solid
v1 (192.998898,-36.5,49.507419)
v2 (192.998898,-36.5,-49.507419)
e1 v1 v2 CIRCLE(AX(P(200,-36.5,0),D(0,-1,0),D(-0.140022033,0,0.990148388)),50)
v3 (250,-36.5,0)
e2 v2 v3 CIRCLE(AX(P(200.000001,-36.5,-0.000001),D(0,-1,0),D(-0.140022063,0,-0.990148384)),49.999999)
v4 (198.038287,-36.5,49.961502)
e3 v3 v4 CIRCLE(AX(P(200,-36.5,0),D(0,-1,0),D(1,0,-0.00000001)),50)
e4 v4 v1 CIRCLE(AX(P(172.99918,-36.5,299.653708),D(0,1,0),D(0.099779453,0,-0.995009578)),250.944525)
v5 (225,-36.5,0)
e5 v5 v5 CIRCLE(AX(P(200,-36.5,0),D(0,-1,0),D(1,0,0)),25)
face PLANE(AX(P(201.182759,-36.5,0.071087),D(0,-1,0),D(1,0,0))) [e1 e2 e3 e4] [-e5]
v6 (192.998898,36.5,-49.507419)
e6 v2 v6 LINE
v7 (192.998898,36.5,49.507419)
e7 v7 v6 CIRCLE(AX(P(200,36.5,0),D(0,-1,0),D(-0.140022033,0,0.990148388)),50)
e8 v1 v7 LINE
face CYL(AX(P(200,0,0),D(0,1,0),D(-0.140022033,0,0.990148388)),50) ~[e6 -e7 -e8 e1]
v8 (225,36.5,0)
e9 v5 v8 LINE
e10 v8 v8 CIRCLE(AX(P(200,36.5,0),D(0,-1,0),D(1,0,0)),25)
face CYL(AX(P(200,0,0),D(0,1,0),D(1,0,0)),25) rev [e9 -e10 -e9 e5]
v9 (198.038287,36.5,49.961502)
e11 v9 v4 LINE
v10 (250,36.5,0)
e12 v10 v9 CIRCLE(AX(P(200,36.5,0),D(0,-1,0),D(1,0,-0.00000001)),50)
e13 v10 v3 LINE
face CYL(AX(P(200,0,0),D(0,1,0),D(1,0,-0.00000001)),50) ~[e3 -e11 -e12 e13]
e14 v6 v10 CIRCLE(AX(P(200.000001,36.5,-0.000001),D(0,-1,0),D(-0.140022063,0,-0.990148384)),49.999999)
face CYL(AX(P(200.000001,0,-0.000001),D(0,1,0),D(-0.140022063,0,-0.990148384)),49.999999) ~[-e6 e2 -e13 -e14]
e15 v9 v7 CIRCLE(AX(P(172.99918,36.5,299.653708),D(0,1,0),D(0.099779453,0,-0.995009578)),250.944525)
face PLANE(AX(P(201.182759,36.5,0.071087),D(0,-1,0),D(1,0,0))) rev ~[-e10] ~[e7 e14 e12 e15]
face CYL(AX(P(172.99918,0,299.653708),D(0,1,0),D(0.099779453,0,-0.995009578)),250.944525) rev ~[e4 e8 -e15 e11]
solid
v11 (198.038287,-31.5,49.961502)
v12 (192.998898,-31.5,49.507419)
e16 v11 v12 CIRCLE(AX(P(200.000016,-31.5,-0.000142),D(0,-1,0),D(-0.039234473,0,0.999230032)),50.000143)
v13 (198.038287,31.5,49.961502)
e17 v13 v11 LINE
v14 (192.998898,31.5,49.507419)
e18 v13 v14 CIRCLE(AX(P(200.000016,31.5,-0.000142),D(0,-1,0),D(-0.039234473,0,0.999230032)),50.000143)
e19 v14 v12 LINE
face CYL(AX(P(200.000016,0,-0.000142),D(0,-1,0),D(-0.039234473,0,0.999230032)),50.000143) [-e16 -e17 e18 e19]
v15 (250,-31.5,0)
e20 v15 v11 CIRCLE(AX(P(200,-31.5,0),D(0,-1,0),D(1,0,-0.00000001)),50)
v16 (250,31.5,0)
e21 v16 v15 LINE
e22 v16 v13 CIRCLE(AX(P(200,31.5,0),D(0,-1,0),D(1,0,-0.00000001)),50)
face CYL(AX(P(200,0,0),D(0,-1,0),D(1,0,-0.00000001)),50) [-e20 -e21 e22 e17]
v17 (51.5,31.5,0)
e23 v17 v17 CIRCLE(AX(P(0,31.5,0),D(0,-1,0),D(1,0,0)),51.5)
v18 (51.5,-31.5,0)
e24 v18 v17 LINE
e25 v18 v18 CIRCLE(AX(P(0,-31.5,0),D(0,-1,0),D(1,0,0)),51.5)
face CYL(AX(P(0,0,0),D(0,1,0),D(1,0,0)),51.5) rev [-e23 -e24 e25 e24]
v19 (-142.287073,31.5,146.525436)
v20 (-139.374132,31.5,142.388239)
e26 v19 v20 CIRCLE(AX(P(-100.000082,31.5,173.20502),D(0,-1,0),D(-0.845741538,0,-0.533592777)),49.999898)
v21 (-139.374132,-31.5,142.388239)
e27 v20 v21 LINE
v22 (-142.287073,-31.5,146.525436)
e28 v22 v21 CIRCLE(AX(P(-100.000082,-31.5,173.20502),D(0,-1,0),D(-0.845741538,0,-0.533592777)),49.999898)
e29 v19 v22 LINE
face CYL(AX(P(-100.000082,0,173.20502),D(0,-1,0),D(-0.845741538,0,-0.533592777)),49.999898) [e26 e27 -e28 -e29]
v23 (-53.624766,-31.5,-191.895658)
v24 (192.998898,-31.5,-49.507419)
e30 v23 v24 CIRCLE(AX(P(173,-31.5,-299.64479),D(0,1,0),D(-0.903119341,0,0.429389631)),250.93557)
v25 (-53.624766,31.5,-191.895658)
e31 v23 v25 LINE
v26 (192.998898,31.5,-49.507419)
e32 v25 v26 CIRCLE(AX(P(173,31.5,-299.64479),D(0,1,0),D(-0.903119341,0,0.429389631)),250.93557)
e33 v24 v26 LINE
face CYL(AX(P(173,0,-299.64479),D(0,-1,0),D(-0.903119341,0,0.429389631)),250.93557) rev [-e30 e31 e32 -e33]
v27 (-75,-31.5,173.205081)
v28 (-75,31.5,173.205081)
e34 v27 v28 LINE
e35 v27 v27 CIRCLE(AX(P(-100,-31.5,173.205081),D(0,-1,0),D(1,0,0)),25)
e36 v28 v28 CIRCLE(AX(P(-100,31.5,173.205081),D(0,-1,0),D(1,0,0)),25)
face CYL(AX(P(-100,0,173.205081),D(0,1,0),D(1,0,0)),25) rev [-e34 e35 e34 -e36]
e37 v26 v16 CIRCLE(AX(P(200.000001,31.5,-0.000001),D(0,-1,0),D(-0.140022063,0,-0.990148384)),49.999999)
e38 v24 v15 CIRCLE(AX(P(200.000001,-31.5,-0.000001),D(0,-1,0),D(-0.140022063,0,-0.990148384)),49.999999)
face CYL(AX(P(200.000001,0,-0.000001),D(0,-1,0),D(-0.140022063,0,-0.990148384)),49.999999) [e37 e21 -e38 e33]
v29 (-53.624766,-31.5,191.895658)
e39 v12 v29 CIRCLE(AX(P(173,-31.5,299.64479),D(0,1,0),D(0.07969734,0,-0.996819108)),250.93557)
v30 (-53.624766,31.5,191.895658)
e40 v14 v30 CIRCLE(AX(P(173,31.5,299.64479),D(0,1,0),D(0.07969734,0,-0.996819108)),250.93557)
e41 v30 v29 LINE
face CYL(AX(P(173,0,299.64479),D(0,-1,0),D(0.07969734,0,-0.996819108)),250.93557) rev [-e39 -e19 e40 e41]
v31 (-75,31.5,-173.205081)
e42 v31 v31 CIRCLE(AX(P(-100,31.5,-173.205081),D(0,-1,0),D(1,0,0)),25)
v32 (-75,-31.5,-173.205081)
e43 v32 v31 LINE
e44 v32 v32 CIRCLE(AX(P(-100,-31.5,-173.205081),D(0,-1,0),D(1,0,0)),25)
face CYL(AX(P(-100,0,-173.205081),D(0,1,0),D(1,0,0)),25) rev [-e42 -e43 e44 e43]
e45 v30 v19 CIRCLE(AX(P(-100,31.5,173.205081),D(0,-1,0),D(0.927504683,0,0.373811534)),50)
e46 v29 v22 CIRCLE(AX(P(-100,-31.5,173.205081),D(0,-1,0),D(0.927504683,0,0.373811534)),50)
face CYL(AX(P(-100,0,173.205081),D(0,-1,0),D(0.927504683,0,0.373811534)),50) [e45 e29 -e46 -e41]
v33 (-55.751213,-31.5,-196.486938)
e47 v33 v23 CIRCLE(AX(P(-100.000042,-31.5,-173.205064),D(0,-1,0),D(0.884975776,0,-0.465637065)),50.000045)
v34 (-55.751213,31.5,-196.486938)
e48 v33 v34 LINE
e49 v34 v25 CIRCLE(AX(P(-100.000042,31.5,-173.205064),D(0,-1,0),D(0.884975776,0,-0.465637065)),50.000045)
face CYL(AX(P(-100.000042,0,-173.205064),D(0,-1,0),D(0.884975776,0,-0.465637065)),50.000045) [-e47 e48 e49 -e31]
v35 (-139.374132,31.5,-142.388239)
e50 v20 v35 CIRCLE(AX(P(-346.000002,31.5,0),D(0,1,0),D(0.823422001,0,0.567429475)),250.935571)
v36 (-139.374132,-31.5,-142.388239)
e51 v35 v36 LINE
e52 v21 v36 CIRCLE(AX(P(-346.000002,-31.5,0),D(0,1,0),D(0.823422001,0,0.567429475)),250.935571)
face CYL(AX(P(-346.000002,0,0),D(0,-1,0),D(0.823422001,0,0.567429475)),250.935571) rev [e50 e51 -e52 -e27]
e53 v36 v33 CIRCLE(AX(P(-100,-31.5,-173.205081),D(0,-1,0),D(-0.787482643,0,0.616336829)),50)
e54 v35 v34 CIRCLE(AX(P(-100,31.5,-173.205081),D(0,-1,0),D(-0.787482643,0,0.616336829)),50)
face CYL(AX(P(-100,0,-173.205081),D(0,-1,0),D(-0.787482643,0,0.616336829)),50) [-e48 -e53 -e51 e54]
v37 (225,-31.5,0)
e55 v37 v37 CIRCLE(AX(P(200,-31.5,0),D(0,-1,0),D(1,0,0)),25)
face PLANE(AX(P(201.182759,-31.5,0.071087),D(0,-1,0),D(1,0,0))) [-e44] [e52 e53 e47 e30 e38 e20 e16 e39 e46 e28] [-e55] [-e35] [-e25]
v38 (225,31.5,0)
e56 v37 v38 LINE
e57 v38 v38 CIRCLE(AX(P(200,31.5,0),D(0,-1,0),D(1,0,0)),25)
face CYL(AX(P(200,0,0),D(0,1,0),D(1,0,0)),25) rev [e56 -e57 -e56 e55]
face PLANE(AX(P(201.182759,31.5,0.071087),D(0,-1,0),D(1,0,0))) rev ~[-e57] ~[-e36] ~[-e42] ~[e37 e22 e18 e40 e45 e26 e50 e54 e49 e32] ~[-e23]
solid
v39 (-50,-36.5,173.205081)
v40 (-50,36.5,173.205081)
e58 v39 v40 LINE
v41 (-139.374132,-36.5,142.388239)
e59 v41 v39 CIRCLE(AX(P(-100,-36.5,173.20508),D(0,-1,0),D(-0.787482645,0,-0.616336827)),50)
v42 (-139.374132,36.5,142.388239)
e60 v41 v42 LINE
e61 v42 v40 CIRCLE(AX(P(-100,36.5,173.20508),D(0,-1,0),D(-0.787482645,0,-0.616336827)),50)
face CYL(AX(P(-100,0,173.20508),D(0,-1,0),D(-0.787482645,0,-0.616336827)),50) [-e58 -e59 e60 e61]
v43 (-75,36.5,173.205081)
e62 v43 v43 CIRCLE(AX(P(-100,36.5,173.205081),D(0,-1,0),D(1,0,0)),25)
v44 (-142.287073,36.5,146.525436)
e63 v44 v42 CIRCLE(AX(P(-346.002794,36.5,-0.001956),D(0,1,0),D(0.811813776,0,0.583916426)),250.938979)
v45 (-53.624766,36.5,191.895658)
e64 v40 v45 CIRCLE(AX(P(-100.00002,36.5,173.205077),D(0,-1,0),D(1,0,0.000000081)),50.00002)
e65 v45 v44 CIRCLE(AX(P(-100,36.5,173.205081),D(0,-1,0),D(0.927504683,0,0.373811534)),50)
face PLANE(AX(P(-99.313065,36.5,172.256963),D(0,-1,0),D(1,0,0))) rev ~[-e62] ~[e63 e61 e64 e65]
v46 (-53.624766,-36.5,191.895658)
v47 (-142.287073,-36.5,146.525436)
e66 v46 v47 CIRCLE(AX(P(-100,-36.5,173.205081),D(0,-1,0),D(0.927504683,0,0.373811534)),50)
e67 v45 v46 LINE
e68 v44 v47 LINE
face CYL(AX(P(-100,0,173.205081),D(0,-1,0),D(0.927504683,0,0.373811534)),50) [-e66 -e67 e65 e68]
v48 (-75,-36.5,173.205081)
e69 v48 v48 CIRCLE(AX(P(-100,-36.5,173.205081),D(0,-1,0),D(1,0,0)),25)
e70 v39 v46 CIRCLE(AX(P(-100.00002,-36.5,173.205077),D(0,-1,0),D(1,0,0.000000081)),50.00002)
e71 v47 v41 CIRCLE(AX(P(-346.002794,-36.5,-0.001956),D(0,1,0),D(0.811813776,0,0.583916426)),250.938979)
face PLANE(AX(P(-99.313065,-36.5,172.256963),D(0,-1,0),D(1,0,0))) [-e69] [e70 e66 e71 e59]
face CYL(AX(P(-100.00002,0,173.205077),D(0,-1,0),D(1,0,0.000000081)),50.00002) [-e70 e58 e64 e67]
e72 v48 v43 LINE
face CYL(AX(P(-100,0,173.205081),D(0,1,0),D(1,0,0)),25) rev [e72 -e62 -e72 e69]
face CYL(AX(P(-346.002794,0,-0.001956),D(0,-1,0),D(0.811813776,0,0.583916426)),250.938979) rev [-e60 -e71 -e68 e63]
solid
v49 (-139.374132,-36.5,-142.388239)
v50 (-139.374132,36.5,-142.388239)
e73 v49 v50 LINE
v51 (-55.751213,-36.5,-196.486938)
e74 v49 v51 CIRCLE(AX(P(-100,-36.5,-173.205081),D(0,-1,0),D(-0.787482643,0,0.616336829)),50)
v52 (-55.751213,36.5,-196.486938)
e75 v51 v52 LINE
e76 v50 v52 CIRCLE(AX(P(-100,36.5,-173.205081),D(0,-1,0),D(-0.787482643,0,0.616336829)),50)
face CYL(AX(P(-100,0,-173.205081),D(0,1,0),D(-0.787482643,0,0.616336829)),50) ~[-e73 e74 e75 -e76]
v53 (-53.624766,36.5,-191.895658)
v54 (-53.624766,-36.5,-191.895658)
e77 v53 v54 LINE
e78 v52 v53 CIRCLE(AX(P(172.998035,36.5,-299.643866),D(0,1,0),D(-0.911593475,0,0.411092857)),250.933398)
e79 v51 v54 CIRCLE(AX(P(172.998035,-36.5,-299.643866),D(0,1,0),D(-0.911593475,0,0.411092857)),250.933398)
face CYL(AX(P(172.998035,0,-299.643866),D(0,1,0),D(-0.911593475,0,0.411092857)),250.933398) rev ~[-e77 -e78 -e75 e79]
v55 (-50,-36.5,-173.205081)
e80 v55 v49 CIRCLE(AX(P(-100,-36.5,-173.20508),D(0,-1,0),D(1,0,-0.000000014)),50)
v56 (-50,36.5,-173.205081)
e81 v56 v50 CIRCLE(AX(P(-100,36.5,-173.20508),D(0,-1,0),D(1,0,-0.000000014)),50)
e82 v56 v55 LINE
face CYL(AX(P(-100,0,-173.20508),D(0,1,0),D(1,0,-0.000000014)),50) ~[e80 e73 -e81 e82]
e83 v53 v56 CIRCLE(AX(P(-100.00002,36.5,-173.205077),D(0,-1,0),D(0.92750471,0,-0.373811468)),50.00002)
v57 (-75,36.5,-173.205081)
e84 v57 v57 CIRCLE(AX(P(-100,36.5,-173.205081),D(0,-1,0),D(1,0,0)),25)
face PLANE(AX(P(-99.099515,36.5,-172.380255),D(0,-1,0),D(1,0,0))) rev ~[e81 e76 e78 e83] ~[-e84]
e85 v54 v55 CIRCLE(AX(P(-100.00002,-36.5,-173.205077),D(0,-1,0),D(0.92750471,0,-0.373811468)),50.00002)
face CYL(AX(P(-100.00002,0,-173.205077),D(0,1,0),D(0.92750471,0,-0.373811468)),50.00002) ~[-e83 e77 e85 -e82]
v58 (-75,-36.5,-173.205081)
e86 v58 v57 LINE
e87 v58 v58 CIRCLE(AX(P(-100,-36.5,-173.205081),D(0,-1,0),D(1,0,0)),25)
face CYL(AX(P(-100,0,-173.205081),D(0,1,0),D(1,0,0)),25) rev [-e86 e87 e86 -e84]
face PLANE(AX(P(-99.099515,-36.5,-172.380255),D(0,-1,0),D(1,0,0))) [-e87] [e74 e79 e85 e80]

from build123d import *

# Parameters (mm, degrees)
F0_R     = 25
F1_DEPTH = 36.5
F0_R_2   = 51.5
F2_DEPTH = 31.5


with BuildPart() as f1:
    # F0 (on Front) → F1 (new body, symmetric)
    with BuildSketch(Plane.XZ):
        with BuildLine():
            ThreePointArc((192.998898, -49.507419), (232.786773, -37.749537), (250, 0))
            ThreePointArc((250, 0), (234.654829, 36.042237), (198.038287, 49.961502))
            ThreePointArc((198.038287, 49.961502), (195.519737, 49.721759), (192.998898, 49.507419))
            ThreePointArc((192.998898, 49.507419), (150, 0), (192.998898, -49.507419))
        make_face()
        with Locations((200, 0)):
            Circle(F0_R, mode=Mode.SUBTRACT)
        with BuildLine():
            ThreePointArc((-55.751213, -196.486938), (-54.699562, -194.185938), (-53.624766, -191.895658))
            ThreePointArc((-53.624766, -191.895658), (-50.914556, -182.72449), (-50, -173.205081))
            ThreePointArc((-50, -173.205081), (-83.701328, -125.936134), (-139.374132, -142.388239))
            ThreePointArc((-139.374132, -142.388239), (-127.158937, -215.185935), (-55.751213, -196.486938))
        make_face()
        with Locations((-100, -173.205081)):
            Circle(F0_R, mode=Mode.SUBTRACT)
        with BuildLine():
            ThreePointArc((-50, 173.205081), (-50.914556, 182.72449), (-53.624766, 191.895658))
            ThreePointArc((-53.624766, 191.895658), (-122.777018, 217.715838), (-142.287073, 146.525436))
            ThreePointArc((-142.287073, 146.525436), (-140.820175, 144.46418), (-139.374132, 142.388239))
            ThreePointArc((-139.374132, 142.388239), (-83.701328, 125.936134), (-50, 173.205081))
        make_face()
        with Locations((-100, 173.205081)):
            Circle(F0_R, mode=Mode.SUBTRACT)
    extrude(amount=F1_DEPTH, both=True)


with BuildPart() as f2:
    # F0 (on Front) → F2 (new body, symmetric)
    with BuildSketch(Plane.XZ):
        with BuildLine():
            ThreePointArc((192.998898, -49.507419), (232.786773, -37.749537), (250, 0))
            ThreePointArc((250, 0), (234.654829, 36.042237), (198.038287, 49.961502))
            ThreePointArc((198.038287, 49.961502), (195.519737, 49.721759), (192.998898, 49.507419))
            ThreePointArc((192.998898, 49.507419), (150, 0), (192.998898, -49.507419))
        make_face()
        with Locations((200, 0)):
            Circle(F0_R, mode=Mode.SUBTRACT)
        with BuildLine():
            ThreePointArc((192.998898, 49.507419), (195.519737, 49.721759), (198.038287, 49.961502))
            ThreePointArc((198.038287, 49.961502), (195.512845, 49.798247), (192.998898, 49.507419))
        make_face()
        with BuildLine():
            ThreePointArc((-53.624766, -191.895658), (47.532215, -82.328212), (192.998898, -49.507419))
            ThreePointArc((192.998898, -49.507419), (150, 0), (192.998898, 49.507419))
            ThreePointArc((192.998898, 49.507419), (47.532215, 82.328212), (-53.624766, 191.895658))
            ThreePointArc((-53.624766, 191.895658), (-50.914556, 182.72449), (-50, 173.205081))
            ThreePointArc((-50, 173.205081), (-83.701328, 125.936134), (-139.374132, 142.388239))
            ThreePointArc((-139.374132, 142.388239), (-95.064431, 0), (-139.374132, -142.388239))
            ThreePointArc((-139.374132, -142.388239), (-83.701328, -125.936134), (-50, -173.205081))
            ThreePointArc((-50, -173.205081), (-50.914556, -182.72449), (-53.624766, -191.895658))
        make_face()
        Circle(F0_R_2, mode=Mode.SUBTRACT)
        with BuildLine():
            ThreePointArc((-55.751213, -196.486938), (-54.699562, -194.185938), (-53.624766, -191.895658))
            ThreePointArc((-53.624766, -191.895658), (-50.914556, -182.72449), (-50, -173.205081))
            ThreePointArc((-50, -173.205081), (-83.701328, -125.936134), (-139.374132, -142.388239))
            ThreePointArc((-139.374132, -142.388239), (-127.158937, -215.185935), (-55.751213, -196.486938))
        make_face()
        with Locations((-100, -173.205081)):
            Circle(F0_R, mode=Mode.SUBTRACT)
        with BuildLine():
            ThreePointArc((-55.751213, -196.486938), (-54.629875, -194.218214), (-53.624766, -191.895658))
            ThreePointArc((-53.624766, -191.895658), (-54.699562, -194.185938), (-55.751213, -196.486938))
        make_face()
        with BuildLine():
            ThreePointArc((-50, 173.205081), (-50.914556, 182.72449), (-53.624766, 191.895658))
            ThreePointArc((-53.624766, 191.895658), (-122.777018, 217.715838), (-142.287073, 146.525436))
            ThreePointArc((-142.287073, 146.525436), (-140.820175, 144.46418), (-139.374132, 142.388239))
            ThreePointArc((-139.374132, 142.388239), (-83.701328, 125.936134), (-50, 173.205081))
        make_face()
        with Locations((-100, 173.205081)):
            Circle(F0_R, mode=Mode.SUBTRACT)
        with BuildLine():
            ThreePointArc((-139.374132, 142.388239), (-140.820175, 144.46418), (-142.287073, 146.525436))
            ThreePointArc((-142.287073, 146.525436), (-140.88297, 144.419967), (-139.374132, 142.388239))
        make_face()
    extrude(amount=F2_DEPTH, both=True)


solid = Compound([f1.part, f2.part])
